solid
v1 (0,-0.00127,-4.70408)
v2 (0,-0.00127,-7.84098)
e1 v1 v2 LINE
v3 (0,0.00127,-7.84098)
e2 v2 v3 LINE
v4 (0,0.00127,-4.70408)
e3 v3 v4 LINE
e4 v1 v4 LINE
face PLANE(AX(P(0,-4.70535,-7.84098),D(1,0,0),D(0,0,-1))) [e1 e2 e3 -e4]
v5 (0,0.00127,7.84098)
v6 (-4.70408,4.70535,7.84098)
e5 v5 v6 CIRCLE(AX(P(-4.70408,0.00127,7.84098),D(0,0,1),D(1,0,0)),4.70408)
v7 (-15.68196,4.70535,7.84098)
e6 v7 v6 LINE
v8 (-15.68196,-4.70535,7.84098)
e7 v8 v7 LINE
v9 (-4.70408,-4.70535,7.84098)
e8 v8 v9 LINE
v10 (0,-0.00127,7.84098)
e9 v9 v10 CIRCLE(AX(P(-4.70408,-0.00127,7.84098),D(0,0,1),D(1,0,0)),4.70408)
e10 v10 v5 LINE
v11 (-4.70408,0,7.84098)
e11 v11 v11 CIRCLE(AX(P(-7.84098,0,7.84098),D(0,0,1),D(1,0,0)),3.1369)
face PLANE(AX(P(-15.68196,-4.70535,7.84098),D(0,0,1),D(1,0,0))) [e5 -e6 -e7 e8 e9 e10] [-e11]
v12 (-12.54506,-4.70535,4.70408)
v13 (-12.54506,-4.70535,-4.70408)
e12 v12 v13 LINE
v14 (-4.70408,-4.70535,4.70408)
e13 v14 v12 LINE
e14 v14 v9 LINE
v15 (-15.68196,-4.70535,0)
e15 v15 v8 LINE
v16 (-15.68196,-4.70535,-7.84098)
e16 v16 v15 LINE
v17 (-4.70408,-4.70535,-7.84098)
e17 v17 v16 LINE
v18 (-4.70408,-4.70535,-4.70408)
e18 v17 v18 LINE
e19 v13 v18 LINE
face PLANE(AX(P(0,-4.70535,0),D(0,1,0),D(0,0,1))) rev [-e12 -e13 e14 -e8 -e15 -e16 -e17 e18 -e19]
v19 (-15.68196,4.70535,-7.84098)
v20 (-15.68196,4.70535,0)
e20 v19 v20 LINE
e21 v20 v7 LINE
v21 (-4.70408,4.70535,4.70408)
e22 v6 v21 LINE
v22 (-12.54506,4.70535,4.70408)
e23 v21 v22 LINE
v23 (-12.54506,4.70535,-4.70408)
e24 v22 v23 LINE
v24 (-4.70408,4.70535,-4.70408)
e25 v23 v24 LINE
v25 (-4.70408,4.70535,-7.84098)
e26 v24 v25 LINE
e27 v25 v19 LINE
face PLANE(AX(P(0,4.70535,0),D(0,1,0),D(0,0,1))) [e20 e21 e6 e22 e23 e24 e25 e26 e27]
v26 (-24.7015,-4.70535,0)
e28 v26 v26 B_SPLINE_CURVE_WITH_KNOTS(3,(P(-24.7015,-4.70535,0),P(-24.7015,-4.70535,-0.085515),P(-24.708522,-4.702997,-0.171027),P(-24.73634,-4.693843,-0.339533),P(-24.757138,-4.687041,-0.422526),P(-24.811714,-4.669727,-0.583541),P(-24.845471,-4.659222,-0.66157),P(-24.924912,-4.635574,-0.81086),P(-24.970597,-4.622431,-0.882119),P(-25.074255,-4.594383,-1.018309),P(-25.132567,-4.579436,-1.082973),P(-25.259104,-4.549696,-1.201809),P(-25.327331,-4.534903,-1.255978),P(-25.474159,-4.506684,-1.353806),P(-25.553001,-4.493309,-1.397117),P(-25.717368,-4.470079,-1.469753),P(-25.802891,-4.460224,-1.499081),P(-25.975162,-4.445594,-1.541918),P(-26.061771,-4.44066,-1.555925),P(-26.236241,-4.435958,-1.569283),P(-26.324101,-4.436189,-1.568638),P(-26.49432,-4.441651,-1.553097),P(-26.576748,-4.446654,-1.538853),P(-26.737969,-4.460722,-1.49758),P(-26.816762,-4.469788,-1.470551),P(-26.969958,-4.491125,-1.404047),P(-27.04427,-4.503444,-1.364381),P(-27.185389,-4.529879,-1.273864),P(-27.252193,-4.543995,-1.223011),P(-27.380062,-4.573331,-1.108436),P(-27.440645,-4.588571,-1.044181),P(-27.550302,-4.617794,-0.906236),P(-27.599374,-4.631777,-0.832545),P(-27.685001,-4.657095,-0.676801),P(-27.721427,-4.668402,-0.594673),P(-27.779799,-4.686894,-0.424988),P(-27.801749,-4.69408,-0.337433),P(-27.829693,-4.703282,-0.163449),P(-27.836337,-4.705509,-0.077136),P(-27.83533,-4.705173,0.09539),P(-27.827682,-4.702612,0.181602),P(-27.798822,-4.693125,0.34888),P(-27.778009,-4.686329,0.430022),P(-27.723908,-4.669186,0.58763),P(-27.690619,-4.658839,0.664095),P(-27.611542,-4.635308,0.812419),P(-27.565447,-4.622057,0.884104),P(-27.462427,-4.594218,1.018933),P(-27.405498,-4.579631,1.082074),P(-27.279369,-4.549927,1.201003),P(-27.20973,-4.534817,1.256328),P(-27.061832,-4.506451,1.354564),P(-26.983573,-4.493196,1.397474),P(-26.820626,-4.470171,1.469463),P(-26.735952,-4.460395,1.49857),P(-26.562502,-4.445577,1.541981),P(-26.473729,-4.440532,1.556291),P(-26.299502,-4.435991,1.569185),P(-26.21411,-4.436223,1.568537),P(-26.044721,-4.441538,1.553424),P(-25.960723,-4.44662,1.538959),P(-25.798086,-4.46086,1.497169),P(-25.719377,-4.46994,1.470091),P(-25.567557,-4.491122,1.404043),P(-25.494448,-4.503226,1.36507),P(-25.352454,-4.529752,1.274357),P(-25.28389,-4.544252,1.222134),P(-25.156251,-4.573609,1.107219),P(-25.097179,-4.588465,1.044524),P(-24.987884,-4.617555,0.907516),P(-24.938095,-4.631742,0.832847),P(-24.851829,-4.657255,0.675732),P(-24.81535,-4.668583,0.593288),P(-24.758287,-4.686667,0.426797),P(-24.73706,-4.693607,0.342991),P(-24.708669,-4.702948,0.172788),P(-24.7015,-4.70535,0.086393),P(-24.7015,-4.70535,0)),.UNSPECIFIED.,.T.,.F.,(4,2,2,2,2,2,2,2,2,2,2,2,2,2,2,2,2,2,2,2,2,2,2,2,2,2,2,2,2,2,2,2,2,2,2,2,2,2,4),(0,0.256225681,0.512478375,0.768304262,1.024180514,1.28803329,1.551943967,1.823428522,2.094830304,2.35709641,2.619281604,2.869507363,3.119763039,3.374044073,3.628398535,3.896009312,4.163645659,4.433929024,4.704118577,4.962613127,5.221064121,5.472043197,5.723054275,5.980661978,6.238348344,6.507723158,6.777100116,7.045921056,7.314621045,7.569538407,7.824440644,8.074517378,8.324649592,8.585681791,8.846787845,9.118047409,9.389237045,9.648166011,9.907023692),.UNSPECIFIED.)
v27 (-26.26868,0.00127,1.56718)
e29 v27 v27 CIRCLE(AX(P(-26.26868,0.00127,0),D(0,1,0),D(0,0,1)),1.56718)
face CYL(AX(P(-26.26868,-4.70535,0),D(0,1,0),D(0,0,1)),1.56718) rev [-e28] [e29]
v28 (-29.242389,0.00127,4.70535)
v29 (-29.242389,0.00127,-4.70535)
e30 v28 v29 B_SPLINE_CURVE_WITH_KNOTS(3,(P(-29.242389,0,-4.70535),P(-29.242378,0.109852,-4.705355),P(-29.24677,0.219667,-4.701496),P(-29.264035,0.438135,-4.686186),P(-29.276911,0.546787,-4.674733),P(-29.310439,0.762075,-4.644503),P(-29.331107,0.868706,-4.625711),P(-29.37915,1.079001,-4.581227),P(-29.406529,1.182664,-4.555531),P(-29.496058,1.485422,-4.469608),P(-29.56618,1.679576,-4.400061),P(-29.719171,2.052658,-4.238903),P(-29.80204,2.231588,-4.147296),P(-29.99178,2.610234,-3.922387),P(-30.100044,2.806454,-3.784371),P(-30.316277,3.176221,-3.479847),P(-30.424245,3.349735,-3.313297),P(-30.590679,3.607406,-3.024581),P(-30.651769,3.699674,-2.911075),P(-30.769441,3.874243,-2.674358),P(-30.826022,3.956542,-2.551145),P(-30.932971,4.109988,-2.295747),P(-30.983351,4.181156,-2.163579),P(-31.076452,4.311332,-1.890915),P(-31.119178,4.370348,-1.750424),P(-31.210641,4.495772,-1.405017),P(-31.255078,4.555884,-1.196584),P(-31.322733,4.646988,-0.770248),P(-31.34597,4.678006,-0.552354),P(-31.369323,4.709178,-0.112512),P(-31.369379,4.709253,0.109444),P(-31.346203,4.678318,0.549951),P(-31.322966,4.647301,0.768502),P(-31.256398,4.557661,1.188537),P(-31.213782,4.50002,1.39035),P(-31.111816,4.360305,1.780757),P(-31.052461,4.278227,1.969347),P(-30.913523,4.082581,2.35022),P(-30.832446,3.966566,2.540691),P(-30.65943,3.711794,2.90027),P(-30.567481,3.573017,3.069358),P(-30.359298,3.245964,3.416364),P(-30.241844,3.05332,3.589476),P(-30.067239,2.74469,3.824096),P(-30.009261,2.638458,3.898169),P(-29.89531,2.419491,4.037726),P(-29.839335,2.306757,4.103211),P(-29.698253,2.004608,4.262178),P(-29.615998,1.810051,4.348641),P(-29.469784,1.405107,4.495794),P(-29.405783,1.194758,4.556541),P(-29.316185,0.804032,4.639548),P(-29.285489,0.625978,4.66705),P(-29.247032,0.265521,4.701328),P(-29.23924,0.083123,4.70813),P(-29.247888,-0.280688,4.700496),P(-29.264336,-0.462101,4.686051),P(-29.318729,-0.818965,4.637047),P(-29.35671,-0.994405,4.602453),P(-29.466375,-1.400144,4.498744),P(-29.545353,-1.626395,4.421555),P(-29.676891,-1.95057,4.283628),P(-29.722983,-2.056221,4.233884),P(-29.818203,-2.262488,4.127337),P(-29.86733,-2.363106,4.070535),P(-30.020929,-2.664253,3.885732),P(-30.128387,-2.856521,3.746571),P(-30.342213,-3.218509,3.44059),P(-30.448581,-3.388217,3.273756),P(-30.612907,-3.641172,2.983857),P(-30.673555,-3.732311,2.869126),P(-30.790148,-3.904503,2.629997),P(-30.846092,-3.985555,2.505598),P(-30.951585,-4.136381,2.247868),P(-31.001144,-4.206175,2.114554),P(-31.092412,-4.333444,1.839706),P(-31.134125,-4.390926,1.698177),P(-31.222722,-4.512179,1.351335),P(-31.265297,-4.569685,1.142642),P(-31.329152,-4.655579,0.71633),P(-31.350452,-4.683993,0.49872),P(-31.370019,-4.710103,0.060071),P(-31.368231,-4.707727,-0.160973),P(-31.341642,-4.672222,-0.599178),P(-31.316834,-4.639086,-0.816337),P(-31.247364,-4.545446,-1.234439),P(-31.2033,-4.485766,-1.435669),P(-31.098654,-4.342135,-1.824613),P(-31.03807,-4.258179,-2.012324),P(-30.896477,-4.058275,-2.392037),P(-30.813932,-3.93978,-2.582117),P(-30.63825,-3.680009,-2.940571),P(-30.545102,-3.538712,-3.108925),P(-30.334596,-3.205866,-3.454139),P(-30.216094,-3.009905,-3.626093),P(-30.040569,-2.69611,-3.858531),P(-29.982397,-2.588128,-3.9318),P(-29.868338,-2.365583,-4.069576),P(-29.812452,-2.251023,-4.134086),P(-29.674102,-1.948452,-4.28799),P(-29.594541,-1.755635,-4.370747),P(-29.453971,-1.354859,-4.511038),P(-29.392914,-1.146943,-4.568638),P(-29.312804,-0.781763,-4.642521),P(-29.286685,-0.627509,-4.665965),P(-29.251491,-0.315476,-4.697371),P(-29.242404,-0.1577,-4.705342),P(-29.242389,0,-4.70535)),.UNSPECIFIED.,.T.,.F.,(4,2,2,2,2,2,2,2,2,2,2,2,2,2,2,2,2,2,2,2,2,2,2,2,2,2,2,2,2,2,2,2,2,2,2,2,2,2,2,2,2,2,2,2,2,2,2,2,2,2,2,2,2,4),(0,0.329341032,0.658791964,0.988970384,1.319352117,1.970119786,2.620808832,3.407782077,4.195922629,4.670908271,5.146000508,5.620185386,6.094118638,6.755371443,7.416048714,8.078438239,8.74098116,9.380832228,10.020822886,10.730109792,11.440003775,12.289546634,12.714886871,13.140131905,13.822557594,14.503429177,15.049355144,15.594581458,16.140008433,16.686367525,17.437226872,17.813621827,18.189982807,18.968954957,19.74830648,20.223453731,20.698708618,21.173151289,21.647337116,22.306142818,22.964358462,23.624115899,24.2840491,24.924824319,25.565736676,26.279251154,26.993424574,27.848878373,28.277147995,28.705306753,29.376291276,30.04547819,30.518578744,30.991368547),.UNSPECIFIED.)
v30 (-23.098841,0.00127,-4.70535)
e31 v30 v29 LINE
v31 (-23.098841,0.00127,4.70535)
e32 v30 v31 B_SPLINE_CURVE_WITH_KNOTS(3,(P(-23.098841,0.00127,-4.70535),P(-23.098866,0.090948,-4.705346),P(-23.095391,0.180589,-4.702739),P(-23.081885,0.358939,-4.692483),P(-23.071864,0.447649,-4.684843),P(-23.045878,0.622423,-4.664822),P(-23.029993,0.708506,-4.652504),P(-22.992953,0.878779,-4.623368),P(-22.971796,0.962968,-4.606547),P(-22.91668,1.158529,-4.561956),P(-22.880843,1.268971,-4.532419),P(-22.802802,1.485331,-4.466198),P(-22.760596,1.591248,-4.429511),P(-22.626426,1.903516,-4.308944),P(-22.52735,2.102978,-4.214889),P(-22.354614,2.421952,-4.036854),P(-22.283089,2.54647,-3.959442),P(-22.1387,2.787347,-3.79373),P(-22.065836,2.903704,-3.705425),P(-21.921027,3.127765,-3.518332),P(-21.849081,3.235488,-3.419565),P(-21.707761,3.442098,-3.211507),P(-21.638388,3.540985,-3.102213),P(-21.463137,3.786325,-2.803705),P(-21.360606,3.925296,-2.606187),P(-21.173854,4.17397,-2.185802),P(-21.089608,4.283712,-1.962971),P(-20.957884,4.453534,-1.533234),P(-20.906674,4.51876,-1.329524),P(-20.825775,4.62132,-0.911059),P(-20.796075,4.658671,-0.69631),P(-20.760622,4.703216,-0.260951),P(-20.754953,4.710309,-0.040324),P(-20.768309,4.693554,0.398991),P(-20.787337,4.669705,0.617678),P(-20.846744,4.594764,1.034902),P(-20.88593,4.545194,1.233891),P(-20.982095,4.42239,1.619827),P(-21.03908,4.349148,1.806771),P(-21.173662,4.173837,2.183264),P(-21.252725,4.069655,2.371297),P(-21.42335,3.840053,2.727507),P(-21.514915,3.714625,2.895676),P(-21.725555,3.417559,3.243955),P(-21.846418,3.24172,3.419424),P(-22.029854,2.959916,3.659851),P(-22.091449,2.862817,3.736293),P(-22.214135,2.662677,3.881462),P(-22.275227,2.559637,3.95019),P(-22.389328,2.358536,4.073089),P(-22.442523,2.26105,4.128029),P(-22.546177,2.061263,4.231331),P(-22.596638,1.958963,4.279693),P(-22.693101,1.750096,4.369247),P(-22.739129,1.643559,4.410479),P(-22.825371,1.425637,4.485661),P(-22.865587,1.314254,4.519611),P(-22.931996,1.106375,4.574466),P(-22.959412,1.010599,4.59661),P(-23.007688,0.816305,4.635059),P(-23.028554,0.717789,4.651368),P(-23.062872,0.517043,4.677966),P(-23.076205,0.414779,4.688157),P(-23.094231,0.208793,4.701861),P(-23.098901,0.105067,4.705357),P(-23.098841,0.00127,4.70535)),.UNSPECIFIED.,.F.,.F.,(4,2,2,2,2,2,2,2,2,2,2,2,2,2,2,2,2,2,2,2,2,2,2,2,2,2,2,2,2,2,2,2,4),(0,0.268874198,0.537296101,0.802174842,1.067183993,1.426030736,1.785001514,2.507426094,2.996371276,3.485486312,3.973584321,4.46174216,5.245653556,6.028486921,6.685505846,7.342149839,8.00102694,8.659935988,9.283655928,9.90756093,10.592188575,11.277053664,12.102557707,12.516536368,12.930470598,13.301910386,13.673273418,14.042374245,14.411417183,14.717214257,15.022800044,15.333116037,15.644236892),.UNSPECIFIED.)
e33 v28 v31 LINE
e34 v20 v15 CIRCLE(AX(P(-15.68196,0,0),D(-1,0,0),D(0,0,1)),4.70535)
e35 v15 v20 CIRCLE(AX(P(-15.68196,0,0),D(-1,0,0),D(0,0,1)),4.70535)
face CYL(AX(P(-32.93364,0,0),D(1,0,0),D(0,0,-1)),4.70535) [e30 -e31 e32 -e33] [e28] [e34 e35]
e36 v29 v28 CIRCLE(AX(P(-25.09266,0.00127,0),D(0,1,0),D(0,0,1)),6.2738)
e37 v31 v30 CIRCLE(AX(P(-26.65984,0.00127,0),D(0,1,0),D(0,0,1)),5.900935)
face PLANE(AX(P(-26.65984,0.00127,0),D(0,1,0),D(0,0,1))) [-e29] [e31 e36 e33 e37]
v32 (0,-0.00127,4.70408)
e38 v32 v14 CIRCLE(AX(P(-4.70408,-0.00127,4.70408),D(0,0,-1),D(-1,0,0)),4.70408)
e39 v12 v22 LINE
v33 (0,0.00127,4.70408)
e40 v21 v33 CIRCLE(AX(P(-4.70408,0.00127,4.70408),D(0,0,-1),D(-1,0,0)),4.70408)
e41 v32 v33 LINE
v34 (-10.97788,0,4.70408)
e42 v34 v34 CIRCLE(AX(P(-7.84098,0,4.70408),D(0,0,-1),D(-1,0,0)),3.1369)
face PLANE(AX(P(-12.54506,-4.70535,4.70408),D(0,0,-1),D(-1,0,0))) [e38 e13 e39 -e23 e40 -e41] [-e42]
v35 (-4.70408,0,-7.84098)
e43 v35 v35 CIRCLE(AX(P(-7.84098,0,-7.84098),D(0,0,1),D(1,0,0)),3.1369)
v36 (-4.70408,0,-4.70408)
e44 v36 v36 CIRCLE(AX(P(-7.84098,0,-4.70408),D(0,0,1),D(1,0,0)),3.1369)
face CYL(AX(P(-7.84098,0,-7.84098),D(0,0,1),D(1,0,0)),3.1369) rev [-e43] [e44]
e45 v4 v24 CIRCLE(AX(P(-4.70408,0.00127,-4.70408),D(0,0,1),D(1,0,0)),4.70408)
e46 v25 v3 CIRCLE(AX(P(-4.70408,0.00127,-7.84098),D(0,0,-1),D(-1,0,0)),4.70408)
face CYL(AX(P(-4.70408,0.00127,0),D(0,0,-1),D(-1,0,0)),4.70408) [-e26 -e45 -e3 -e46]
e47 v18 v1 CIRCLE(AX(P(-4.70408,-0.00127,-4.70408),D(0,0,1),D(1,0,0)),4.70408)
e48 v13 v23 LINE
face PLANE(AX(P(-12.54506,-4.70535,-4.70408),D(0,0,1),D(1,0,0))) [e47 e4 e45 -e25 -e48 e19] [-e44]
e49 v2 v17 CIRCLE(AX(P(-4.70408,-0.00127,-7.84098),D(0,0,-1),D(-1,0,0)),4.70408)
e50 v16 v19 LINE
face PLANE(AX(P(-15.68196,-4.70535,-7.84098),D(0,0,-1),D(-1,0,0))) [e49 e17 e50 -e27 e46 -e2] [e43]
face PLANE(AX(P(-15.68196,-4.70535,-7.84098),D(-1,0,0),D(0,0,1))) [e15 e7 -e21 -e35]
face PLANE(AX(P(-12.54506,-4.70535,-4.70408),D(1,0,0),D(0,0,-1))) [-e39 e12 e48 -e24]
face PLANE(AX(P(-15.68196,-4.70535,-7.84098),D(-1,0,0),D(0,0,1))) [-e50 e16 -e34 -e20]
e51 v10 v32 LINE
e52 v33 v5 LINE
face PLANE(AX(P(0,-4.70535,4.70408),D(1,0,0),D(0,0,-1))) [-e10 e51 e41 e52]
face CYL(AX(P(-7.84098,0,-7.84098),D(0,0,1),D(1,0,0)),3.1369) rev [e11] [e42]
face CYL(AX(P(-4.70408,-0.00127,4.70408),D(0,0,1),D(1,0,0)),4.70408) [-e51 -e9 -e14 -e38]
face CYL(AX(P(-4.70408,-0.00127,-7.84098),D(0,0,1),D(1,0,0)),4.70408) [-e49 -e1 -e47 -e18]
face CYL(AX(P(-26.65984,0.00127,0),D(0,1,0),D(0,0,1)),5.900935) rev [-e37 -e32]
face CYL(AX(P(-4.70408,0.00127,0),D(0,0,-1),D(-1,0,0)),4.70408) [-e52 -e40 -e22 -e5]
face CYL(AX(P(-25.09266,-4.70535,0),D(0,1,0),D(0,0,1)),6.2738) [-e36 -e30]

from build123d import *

# Parameters (mm, degrees)
BOSS_EXTRUDE1_DEPTH      = 4.70535
BOSS_EXTRUDE1_DEPTH_BACK = 4.70535
SKETCH2_R                = 4.70535
BOSS_EXTRUDE2_DEPTH      = 17.25168
CUT_EXTRUDE3_DEPTH       = 10.4107
SKETCH5_R                = 5.900934737
CUT_EXTRUDE4_DEPTH       = 4.70408
SKETCH6_R                = 1.56718
CUT_EXTRUDE5_DEPTH       = 5.706620123
FILLET1_R                = 4.70408
SKETCH7_R                = 3.1369
CUT_EXTRUDE6_DEPTH       = 16.68196


with BuildPart() as part:
    # Sketch1 → Boss-Extrude1 (new body, two sides)
    with BuildSketch(Plane(origin=(0, 0, 0), x_dir=(1, 0, 0), z_dir=(0, 1, 0))) as boss_extrude1_sk:
        Polygon((-12.54506, 4.70408), (0, 4.70408), (0, 7.84098), (-15.68196, 7.84098), (-15.68196, -7.84098), (0, -7.84098), (0, -4.70408), (-12.54506, -4.70408), align=None)
    extrude(amount=BOSS_EXTRUDE1_DEPTH)
    extrude(boss_extrude1_sk.sketch, amount=-BOSS_EXTRUDE1_DEPTH_BACK)

    # Sketch2 → Boss-Extrude2 (add)
    with BuildSketch(Plane.ZY.offset(15.68196)):
        Circle(SKETCH2_R)
    extrude(amount=BOSS_EXTRUDE2_DEPTH)

    # Sketch3 → Cut-Extrude3 (cut, through all)
    with BuildSketch(Plane(origin=(0, 4.70535, 0), x_dir=(1, 0, 0), z_dir=(0, 1, 0))):
        with BuildLine():
            Line((-25.09266, 6.2738), (-33.67290655, 6.2738))
            Line((-33.67290655, 6.2738), (-33.67290655, -6.2738))
            Line((-33.67290655, -6.2738), (-25.09266, -6.2738))
            ThreePointArc((-25.09266, -6.2738), (-31.36646, 0), (-25.09266, 6.2738))
        make_face()
    extrude(amount=-CUT_EXTRUDE3_DEPTH, mode=Mode.SUBTRACT)

    # Sketch5 → Cut-Extrude4 (cut)
    with BuildSketch(Plane(origin=(0, 4.70535, 0), x_dir=(1, 0, 0), z_dir=(0, 1, 0))):
        with Locations((-26.65984, 0)):
            Circle(SKETCH5_R)
    extrude(amount=-CUT_EXTRUDE4_DEPTH, mode=Mode.SUBTRACT)

    # Sketch6 → Cut-Extrude5 (cut, through all)
    with BuildSketch(Plane(origin=(0, 0.00127, 0), x_dir=(1, 0, 0), z_dir=(0, 1, 0))):
        with Locations((-26.26868, 0)):
            Circle(SKETCH6_R)
    extrude(amount=-CUT_EXTRUDE5_DEPTH, mode=Mode.SUBTRACT)

    # Fillet1
    fillet1_edges = [part.edges().sort_by_distance(p)[0] for p in [
        (0, -4.70535, -6.27253),
        (0, -4.70535, 6.27253),
        (0, 4.70535, -6.27253),
        (0, 4.70535, 6.27253),
    ]]
    fillet(fillet1_edges, radius=FILLET1_R)

    # Sketch7 → Cut-Extrude6 (cut, through all)
    with BuildSketch(Plane.XY.offset(7.84098)):
        with Locations((-7.84098, 0)):
            Circle(SKETCH7_R)
    extrude(amount=-CUT_EXTRUDE6_DEPTH, mode=Mode.SUBTRACT)


solid = part.part
